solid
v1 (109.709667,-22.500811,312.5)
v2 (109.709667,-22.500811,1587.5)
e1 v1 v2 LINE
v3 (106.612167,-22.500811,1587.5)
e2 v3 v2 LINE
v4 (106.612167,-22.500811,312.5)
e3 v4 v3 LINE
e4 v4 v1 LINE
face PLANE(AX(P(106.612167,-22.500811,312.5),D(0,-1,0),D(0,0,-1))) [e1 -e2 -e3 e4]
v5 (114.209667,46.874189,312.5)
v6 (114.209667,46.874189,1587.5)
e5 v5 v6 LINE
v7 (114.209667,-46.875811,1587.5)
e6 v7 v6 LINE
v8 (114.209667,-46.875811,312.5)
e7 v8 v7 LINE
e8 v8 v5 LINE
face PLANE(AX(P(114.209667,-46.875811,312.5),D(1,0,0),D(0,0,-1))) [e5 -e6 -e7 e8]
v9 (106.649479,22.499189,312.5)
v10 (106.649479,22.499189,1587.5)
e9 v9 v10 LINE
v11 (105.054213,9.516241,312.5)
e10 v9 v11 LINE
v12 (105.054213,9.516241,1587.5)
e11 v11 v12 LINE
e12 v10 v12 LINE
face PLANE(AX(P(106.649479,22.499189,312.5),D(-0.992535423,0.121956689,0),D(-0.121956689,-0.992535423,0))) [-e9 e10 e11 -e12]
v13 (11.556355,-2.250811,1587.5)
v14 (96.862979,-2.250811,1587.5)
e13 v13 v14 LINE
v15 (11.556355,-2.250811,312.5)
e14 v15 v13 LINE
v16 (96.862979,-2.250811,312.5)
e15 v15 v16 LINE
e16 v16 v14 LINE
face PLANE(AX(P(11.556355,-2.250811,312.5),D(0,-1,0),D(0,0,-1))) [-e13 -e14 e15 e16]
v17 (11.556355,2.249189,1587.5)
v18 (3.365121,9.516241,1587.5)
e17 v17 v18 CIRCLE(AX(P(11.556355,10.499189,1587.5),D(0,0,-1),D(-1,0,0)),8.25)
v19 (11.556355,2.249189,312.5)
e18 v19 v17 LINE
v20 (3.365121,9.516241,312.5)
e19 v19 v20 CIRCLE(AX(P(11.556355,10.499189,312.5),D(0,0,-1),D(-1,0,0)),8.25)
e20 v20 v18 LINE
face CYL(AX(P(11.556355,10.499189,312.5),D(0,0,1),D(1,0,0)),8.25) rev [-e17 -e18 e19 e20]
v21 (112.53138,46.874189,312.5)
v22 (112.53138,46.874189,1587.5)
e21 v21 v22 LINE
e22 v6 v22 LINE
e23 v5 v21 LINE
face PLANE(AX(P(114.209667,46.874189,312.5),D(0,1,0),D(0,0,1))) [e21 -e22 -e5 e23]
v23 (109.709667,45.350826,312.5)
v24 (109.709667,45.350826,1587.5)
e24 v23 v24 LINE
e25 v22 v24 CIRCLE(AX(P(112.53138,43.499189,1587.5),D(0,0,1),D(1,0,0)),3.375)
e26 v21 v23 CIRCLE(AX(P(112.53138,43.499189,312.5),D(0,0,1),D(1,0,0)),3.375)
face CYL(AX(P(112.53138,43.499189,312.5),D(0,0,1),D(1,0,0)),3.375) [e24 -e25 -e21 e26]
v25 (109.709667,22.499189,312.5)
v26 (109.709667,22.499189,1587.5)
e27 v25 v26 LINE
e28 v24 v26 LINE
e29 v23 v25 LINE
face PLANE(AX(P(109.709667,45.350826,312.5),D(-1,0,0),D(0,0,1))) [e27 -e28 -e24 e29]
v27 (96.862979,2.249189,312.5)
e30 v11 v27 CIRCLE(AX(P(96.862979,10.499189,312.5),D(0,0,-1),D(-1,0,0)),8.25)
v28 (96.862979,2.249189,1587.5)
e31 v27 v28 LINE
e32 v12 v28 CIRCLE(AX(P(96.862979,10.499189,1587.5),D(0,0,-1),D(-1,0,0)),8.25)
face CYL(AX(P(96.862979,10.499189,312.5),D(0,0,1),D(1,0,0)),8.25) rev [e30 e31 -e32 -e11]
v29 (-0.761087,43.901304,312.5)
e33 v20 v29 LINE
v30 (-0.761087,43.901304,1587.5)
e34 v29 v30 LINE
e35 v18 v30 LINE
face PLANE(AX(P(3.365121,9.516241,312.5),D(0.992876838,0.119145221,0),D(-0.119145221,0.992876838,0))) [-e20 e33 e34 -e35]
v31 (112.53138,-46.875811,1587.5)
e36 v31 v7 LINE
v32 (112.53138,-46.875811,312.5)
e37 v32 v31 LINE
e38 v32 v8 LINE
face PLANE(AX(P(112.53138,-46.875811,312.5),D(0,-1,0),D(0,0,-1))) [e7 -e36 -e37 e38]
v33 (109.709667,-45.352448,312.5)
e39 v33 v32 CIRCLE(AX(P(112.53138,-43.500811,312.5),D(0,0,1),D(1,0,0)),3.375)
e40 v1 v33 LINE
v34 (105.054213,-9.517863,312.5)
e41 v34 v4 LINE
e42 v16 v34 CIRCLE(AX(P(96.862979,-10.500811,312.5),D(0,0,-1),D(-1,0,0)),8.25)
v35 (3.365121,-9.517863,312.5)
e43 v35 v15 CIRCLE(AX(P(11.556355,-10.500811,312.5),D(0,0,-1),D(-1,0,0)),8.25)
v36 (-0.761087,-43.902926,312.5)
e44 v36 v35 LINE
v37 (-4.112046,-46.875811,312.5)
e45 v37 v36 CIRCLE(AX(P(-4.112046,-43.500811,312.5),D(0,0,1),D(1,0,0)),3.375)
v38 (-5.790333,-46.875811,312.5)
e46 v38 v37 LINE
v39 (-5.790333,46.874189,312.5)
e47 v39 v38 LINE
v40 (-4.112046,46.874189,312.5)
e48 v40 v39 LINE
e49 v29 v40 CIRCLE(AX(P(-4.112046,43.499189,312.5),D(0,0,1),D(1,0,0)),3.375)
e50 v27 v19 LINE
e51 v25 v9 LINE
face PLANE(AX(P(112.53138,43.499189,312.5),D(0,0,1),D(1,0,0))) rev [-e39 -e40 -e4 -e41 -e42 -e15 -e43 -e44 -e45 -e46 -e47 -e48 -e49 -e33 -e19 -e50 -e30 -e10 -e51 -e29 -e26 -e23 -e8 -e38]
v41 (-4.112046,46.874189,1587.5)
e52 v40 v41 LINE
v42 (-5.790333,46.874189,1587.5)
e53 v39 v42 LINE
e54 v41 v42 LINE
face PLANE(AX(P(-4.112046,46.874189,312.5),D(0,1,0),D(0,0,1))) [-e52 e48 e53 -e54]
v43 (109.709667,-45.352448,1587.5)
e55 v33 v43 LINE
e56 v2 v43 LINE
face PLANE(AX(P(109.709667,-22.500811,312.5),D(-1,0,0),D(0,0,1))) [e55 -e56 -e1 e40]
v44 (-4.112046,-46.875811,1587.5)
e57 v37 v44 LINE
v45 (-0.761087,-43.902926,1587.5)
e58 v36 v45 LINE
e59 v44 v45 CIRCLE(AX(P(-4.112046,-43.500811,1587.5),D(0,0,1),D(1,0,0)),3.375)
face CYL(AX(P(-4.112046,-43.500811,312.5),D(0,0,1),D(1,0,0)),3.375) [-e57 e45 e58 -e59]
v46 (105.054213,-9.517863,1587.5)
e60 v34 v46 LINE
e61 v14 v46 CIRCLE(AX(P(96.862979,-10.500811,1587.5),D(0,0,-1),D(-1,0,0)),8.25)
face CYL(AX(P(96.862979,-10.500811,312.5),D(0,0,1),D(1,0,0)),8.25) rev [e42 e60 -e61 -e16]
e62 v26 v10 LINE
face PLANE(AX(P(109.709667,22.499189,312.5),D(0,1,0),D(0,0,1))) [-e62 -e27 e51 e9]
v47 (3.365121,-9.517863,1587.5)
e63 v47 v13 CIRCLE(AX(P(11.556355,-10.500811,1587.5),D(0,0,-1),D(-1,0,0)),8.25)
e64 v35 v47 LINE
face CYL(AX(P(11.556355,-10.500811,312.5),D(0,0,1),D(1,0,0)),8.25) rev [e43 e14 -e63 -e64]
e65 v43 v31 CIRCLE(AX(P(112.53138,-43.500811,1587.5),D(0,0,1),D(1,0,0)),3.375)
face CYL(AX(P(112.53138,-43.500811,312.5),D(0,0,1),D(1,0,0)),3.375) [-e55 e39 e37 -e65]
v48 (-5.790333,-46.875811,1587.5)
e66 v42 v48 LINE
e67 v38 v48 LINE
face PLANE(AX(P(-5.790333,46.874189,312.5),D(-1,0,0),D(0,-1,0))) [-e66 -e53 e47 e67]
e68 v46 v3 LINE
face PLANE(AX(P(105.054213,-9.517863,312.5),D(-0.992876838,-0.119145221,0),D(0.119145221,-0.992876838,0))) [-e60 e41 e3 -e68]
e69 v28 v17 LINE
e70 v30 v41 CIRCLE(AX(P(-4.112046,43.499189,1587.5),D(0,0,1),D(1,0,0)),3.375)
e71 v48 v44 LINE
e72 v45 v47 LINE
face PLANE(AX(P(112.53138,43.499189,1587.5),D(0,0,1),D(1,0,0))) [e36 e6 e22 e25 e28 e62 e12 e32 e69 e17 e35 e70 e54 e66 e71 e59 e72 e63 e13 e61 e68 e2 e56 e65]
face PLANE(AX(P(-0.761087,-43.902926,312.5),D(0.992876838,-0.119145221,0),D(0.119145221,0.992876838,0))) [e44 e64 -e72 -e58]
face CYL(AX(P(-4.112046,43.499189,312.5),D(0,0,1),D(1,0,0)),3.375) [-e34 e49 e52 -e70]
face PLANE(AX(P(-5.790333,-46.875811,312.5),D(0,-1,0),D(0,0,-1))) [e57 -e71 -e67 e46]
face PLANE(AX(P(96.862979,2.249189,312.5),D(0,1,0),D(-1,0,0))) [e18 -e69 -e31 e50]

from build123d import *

# Parameters (mm, degrees)
BOSS_EXTRUDE1_DEPTH = 1700
SCALE1_SCALE        = 0.75


with BuildPart() as part:
    # Sketch1 → Boss-Extrude1 (new body)
    with BuildSketch(Plane.XY.offset(1800)):
        with BuildLine():
            Line((129, 60.46884946), (129, 30))
            Line((129, 30), (124.919748757, 30))
            Line((124.919748757, 30), (122.792728308, 12.689402566))
            ThreePointArc((122.792728308, 12.689402566), (119.171200489, 5.771495525), (111.871083085, 3))
            Line((111.871083085, 3), (-1.871083085, 3))
            ThreePointArc((-1.871083085, 3), (-9.171200492, 5.771495528), (-12.792728309, 12.689402573))
            Line((-12.792728309, 12.689402573), (-18.294338419, 58.536153493))
            ThreePointArc((-18.294338419, 58.536153493), (-19.775872526, 61.366206375), (-22.762284192, 62.5))
            Line((-22.762284192, 62.5), (-25, 62.5))
            Line((-25, 62.5), (-25, -62.5))
            Line((-25, -62.5), (-22.762284192, -62.5))
            ThreePointArc((-22.762284192, -62.5), (-19.775872526, -61.366206375), (-18.294338419, -58.536153493))
            Line((-18.294338419, -58.536153493), (-12.792728309, -12.689402573))
            ThreePointArc((-12.792728309, -12.689402573), (-9.171200492, -5.771495528), (-1.871083085, -3))
            Line((-1.871083085, -3), (111.871083085, -3))
            ThreePointArc((111.871083085, -3), (119.171200492, -5.771495528), (122.792728309, -12.689402573))
            Line((122.792728309, -12.689402573), (124.87, -30))
            Line((124.87, -30), (129, -30))
            Line((129, -30), (129, -60.46884946))
            ThreePointArc((129, -60.46884946), (130.62450761, -61.959786773), (132.762284192, -62.5))
            Line((132.762284192, -62.5), (135, -62.5))
            Line((135, -62.5), (135, 62.5))
            Line((135, 62.5), (132.762284192, 62.5))
            ThreePointArc((132.762284192, 62.5), (130.62450761, 61.959786773), (129, 60.46884946))
        make_face()
    extrude(amount=-BOSS_EXTRUDE1_DEPTH)


with BuildPart() as part_1:
    # Scale1: scaled about (51.838667986, -0.00324275, 950)
    add(part.part.scale(SCALE1_SCALE).moved(Location((12.959666996, -0.000810687, 237.5))))


solid = part_1.part
